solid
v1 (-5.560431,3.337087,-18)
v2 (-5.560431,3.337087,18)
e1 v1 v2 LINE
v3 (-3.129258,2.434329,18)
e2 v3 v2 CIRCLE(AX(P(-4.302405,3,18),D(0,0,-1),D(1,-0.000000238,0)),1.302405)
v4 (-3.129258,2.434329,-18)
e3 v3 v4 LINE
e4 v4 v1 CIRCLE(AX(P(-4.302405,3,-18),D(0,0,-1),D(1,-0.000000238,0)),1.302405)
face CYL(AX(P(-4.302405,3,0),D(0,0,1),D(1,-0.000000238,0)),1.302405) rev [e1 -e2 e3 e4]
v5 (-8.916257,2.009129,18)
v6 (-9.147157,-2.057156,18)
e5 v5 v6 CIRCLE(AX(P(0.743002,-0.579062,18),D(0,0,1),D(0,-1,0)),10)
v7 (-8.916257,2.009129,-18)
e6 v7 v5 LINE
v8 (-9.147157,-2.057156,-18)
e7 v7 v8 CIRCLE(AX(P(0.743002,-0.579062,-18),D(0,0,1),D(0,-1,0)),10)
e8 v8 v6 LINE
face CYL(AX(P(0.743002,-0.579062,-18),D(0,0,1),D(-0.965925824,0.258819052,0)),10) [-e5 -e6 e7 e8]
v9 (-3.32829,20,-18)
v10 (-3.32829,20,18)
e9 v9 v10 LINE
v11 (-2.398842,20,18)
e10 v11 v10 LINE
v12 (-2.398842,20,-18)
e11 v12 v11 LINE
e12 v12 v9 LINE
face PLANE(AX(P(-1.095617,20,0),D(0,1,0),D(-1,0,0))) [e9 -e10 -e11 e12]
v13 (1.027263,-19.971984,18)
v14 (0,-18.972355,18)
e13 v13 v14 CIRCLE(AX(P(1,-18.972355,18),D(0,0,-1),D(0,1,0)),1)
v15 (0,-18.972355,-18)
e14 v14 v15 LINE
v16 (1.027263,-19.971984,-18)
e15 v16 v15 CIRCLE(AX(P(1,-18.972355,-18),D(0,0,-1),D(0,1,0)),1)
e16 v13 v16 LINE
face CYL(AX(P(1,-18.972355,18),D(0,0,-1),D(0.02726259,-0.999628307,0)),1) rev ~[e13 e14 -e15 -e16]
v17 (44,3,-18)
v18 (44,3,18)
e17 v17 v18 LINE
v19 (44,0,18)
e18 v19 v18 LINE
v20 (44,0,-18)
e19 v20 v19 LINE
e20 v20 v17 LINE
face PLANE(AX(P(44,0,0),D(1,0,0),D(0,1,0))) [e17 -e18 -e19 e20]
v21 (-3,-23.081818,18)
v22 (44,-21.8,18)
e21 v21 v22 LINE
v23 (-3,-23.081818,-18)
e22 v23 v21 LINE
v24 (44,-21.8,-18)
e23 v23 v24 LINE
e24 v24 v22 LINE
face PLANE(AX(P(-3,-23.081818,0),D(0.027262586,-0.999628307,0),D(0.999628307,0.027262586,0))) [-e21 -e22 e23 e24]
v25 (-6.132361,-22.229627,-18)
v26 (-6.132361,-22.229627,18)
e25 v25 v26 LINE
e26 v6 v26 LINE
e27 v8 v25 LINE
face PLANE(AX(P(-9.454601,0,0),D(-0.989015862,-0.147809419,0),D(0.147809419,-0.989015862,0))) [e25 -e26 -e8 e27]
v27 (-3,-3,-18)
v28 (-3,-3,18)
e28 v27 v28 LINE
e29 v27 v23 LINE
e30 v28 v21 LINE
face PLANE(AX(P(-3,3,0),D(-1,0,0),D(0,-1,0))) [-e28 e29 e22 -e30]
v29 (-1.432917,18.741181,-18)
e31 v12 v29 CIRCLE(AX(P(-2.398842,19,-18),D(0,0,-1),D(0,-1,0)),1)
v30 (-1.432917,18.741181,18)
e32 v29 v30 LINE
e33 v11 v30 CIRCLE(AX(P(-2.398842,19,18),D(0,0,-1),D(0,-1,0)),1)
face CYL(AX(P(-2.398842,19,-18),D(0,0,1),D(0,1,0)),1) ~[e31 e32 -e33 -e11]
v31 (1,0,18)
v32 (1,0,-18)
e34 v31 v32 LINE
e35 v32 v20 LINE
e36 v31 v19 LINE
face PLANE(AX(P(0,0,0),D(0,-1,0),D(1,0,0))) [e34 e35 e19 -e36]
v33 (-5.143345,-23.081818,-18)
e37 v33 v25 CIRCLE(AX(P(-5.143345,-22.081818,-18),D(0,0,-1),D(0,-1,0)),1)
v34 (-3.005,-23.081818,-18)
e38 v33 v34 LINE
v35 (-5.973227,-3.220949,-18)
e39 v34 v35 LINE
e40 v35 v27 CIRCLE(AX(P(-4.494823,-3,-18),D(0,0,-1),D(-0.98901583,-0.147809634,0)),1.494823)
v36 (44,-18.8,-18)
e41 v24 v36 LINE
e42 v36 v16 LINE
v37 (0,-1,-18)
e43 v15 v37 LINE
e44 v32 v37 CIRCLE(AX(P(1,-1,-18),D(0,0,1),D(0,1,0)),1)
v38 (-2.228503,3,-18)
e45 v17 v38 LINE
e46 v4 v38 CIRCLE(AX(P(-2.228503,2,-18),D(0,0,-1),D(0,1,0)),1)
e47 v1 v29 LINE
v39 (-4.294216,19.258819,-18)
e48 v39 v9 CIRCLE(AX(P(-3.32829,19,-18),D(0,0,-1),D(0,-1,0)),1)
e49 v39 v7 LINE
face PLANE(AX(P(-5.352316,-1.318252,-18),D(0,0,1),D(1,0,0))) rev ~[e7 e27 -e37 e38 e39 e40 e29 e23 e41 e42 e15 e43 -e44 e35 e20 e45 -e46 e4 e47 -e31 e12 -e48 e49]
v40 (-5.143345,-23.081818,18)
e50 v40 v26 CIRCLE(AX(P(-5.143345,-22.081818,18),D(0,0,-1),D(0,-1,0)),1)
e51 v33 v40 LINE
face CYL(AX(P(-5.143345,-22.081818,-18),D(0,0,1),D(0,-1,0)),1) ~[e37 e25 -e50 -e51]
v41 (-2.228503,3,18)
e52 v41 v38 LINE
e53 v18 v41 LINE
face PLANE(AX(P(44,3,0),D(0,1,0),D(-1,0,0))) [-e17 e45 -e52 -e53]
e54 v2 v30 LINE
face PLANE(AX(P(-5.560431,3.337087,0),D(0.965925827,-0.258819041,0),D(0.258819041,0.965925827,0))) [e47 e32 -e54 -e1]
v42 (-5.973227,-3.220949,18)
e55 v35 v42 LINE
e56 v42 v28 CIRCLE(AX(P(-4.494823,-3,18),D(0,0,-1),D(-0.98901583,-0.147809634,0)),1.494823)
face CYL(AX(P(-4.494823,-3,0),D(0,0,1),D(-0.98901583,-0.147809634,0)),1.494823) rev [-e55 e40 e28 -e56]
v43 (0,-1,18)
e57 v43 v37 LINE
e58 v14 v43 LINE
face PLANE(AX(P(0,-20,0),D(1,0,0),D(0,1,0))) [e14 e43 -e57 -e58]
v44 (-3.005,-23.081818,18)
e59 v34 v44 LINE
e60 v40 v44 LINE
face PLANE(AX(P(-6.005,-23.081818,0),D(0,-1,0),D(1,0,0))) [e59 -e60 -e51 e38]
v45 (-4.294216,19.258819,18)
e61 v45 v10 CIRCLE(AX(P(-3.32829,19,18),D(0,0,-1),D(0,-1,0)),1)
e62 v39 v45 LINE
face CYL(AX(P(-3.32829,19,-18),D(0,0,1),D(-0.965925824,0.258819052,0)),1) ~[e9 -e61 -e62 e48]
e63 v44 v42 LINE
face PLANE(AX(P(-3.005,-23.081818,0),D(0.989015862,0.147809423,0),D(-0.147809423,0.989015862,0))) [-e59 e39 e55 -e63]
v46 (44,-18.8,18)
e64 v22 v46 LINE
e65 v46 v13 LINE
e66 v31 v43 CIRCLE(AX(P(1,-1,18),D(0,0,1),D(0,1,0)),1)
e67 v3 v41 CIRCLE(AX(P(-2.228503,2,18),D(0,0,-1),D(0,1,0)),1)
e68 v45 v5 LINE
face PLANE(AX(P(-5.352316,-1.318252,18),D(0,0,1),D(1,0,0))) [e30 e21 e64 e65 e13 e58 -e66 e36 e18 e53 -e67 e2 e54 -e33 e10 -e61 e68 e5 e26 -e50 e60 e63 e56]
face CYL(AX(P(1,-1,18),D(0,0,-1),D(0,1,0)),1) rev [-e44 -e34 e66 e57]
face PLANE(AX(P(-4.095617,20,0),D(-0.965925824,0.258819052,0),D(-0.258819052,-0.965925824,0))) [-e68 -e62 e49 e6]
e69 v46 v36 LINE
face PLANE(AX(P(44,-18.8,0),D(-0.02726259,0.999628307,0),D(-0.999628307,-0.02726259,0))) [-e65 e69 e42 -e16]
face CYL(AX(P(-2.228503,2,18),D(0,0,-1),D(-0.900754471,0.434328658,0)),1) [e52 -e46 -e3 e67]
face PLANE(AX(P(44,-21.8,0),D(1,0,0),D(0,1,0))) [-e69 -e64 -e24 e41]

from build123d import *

# Parameters (mm, degrees)
F1_DEPTH      = 18
F1_DEPTH_BACK = 18
F3_DEPTH      = 18
F3_DEPTH_BACK = 18
F4_R          = 1
F5_R          = 10
F6_R          = 1


with BuildPart() as f1:
    # F0 (on Top) → F1 (new body, two sides)
    with BuildSketch(Plane.XY) as f1_sk:
        Polygon((0, 0), (44, 0), (44, 3), (-3, 3), (-3, -23.081818), (44, -21.8), (44, -18.8), (0, -20), align=None)
    extrude(amount=F1_DEPTH)
    extrude(f1_sk.sketch, amount=-F1_DEPTH_BACK)

    # F2 (on Top) → F3 (join, two sides)
    with BuildSketch(Plane.XY) as f3_sk:
        with BuildLine():
            ThreePointArc((-3, 3), (-4.472403, 1.708738), (-5.560431, 3.337087))
            Line((-5.560431, 3.337087), (-1.095617, 20))
            Line((-1.095617, 20), (-4.095617, 20))
            Line((-4.095617, 20), (-9.454601, 0))
            Line((-9.454601, 0), (-6.005, -23.081818))
            Line((-6.005, -23.081818), (-3.005, -23.081818))
            Line((-3.005, -23.081818), (-5.973227, -3.220949))
            ThreePointArc((-5.973227, -3.220949), (-4.605602, -1.509287), (-3, -3))
            Line((-3, -3), (-3, 3))
        make_face()
    extrude(amount=F3_DEPTH)
    extrude(f3_sk.sketch, amount=-F3_DEPTH_BACK)

    # F4
    f4_edges = [f1.edges().sort_by_distance(p)[0] for p in [
        (-4.095617, 20, 0),
        (-1.095617, 20, 0),
        (-3, 3, 0),
        (-6.005, -23.081818, 0),
    ]]
    fillet(f4_edges, radius=F4_R)

    # F5
    f5_edges = [f1.edges().sort_by_distance(p)[0] for p in [
        (-9.454601, 0, 0),
    ]]
    fillet(f5_edges, radius=F5_R)

    # F6
    f6_edges = [f1.edges().sort_by_distance(p)[0] for p in [
        (0, 0, 0),
        (0, -20, 0),
    ]]
    fillet(f6_edges, radius=F6_R)


solid = f1.part
